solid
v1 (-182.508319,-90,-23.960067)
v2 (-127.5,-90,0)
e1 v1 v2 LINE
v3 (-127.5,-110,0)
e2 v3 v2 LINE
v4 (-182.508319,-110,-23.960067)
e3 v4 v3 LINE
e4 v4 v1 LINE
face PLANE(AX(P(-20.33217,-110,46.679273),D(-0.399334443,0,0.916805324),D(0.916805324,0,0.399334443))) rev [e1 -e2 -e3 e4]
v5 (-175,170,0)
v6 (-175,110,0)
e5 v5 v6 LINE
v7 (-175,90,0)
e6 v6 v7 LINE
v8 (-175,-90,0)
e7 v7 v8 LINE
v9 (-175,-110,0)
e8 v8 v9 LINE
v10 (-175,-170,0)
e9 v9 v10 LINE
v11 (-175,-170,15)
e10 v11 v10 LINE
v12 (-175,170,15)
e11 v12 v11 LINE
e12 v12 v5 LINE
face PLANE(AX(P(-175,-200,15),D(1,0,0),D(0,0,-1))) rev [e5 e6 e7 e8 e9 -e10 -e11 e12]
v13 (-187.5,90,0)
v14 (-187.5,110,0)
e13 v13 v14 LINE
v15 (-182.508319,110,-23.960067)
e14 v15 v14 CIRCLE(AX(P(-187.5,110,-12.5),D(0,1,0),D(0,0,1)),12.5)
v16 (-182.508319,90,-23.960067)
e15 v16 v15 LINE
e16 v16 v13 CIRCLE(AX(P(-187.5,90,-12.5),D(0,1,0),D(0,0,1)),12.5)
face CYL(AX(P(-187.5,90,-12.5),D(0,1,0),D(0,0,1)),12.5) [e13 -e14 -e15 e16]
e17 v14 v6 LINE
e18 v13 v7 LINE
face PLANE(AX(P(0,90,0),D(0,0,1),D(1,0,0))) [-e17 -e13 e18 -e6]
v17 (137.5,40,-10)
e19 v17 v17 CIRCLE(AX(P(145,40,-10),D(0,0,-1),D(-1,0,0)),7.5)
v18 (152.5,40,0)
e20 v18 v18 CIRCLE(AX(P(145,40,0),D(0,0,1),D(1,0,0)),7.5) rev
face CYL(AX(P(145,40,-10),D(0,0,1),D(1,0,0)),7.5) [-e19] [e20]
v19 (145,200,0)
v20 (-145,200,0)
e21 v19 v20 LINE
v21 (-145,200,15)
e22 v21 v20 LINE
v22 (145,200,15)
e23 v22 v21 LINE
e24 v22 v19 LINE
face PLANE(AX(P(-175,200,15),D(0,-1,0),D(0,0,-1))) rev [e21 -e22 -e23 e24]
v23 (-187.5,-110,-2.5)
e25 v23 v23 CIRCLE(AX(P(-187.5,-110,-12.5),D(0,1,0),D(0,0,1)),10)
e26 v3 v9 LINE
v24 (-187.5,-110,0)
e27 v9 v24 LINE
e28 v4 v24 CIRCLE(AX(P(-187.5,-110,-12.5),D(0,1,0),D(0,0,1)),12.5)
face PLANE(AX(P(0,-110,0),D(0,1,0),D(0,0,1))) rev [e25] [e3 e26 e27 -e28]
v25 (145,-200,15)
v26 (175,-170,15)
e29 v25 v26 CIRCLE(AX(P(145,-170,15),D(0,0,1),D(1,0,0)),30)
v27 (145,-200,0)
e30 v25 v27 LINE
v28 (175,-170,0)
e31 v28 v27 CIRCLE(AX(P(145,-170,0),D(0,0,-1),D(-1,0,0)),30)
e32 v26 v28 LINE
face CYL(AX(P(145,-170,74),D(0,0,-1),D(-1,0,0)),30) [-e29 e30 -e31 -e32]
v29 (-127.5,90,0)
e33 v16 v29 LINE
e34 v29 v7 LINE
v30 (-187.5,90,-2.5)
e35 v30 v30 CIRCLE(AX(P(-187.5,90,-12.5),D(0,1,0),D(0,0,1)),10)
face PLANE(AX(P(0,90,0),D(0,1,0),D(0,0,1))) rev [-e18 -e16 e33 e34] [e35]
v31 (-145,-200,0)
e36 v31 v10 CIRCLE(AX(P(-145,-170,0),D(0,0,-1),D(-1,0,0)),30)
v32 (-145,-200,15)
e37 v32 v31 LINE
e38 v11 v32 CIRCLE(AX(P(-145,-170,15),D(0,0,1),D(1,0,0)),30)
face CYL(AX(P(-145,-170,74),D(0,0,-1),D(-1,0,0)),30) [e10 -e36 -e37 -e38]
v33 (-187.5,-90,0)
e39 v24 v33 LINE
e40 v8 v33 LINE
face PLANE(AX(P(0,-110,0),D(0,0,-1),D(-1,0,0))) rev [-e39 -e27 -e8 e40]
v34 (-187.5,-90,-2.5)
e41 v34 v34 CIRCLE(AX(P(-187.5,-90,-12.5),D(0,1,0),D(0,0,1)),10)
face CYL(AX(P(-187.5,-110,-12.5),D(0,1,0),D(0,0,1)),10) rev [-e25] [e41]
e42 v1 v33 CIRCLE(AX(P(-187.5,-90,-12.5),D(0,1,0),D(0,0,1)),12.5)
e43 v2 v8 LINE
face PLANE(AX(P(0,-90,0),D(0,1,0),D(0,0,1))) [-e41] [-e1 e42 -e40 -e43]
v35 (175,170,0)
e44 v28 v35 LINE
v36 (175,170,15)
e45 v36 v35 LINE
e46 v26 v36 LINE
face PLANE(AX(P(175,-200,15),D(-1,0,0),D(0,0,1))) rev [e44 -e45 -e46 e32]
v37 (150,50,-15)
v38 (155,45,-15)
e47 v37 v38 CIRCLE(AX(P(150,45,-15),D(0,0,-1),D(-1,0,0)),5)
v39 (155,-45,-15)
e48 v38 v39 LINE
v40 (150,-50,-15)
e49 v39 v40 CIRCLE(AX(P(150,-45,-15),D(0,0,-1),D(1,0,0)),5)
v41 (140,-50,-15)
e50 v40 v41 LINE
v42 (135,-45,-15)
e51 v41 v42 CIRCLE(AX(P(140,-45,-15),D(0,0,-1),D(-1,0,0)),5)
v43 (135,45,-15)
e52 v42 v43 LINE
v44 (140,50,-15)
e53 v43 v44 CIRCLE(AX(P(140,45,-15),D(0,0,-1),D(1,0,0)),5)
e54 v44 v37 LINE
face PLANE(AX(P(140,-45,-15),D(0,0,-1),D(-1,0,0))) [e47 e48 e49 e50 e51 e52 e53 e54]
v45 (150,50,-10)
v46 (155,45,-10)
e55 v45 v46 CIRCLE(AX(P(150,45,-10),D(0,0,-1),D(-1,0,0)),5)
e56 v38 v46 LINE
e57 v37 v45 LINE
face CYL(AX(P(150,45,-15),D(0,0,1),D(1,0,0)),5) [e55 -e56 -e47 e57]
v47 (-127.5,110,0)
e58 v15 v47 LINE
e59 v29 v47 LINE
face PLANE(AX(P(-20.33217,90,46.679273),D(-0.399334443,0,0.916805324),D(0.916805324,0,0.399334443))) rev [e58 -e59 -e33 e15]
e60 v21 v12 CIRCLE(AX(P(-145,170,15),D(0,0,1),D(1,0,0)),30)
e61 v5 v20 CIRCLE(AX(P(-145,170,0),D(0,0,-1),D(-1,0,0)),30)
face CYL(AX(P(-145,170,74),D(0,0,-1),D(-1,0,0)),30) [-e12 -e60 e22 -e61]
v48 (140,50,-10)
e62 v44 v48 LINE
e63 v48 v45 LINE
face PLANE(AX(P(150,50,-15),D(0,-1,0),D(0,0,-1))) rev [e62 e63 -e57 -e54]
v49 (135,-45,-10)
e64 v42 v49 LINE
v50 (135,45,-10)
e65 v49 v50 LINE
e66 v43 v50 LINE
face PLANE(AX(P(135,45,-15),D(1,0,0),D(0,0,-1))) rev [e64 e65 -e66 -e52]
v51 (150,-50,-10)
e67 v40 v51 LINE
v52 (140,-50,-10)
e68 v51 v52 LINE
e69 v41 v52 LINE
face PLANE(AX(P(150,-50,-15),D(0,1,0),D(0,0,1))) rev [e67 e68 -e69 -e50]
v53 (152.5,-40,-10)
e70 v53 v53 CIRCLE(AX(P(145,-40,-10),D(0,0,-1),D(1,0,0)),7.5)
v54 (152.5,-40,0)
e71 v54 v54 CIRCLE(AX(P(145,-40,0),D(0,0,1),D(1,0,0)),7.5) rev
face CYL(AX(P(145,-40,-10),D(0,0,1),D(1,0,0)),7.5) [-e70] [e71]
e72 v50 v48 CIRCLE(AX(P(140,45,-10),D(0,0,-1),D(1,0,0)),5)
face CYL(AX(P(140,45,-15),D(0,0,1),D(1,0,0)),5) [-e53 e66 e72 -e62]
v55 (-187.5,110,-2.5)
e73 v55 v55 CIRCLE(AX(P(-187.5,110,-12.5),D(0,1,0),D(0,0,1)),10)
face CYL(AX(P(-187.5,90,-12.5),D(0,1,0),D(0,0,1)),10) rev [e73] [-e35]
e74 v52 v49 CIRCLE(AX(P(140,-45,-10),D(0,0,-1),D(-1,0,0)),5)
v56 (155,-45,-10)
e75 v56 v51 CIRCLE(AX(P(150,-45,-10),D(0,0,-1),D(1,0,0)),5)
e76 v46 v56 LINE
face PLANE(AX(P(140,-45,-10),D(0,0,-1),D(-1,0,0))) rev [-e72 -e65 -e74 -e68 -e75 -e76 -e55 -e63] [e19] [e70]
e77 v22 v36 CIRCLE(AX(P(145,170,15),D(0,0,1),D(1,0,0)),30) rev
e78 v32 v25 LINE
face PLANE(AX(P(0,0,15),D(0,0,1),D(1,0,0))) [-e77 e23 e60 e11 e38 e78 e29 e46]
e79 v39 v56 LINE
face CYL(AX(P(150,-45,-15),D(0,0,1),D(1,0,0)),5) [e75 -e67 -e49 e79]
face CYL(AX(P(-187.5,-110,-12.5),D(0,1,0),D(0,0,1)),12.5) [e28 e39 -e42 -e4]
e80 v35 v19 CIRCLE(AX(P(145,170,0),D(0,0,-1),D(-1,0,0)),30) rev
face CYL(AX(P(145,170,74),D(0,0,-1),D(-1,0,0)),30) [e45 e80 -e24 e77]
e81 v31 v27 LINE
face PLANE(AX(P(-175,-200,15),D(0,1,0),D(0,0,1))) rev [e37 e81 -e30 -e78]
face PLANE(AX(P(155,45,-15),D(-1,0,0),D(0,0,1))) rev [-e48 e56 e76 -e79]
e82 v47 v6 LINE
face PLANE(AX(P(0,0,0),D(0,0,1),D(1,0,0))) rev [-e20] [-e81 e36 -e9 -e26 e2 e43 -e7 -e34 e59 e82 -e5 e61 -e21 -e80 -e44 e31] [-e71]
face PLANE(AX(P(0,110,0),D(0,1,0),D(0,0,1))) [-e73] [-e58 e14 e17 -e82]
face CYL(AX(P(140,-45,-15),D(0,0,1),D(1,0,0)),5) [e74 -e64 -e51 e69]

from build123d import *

# Parameters (mm, degrees)
SKETCH1_W                = 350
SKETCH1_H                = 400
BOSS_EXTRUDE1_DEPTH      = 15
BOSS_EXTRUDE2_DEPTH      = 10
BOSS_EXTRUDE2_DEPTH_BACK = 10
SKETCH3_R                = 12.5
SKETCH3_R_2              = 10
BOSS_EXTRUDE3_DEPTH      = 10
BOSS_EXTRUDE3_DEPTH_BACK = 10
SKETCH4_R                = 12.5
SKETCH4_R_2              = 10
CUT_EXTRUDE1_DEPTH       = 74
SKETCH6_R                = 7.5
BOSS_EXTRUDE4_DEPTH      = 10
BOSS_EXTRUDE5_DEPTH      = 5


with BuildPart() as part:
    # Sketch1 → Boss-Extrude1 (new body)
    with BuildSketch(Plane.XY):
        Rectangle(SKETCH1_W, SKETCH1_H)
    extrude(amount=BOSS_EXTRUDE1_DEPTH)

    # Sketch3 → Boss-Extrude2 (add, two sides: drawn at the far end of the back side and taken through both)
    # profile 1 of 2: a face of its own
    with BuildSketch(Plane(origin=(0, 100, 0), x_dir=(1, 0, 0), z_dir=(0, 1, 0)).offset(-BOSS_EXTRUDE2_DEPTH_BACK)):
        with BuildLine():
            ThreePointArc((-175, 12.5), (-178.661165235, 3.661165235), (-187.5, 0))
            Line((-187.5, 0), (-127.5, 0))
            Line((-127.5, 0), (-182.508319468, 23.960066556))
            ThreePointArc((-182.508319468, 23.960066556), (-177.04423588, 19.350328216), (-175, 12.5))
        make_face()
    # profile 2 of 2: a face of its own
    with BuildSketch(Plane(origin=(0, 100, 0), x_dir=(1, 0, 0), z_dir=(0, 1, 0)).offset(-BOSS_EXTRUDE2_DEPTH_BACK)):
        with Locations((-187.5, 12.5)):
            Circle(SKETCH3_R)
        with Locations(Location((-187.5, 12.5, 0), (0, 0, 270))):
            Circle(SKETCH3_R_2, mode=Mode.SUBTRACT)
    extrude(amount=BOSS_EXTRUDE2_DEPTH + BOSS_EXTRUDE2_DEPTH_BACK)

    # Sketch4 → Boss-Extrude3 (add, two sides: drawn at the far end of the back side and taken through both)
    # profile 1 of 2: a face of its own
    with BuildSketch(Plane(origin=(0, -100, 0), x_dir=(1, 0, 0), z_dir=(0, 1, 0)).offset(-BOSS_EXTRUDE3_DEPTH_BACK)):
        with Locations((-187.5, 12.5)):
            Circle(SKETCH4_R)
        with Locations(Location((-187.5, 12.5, 0), (0, 0, 270))):
            Circle(SKETCH4_R_2, mode=Mode.SUBTRACT)
    # profile 2 of 2: a face of its own
    with BuildSketch(Plane(origin=(0, -100, 0), x_dir=(1, 0, 0), z_dir=(0, 1, 0)).offset(-BOSS_EXTRUDE3_DEPTH_BACK)):
        with BuildLine():
            Line((-127.5, 0), (-182.508319468, 23.960066556))
            ThreePointArc((-182.508319468, 23.960066556), (-177.04423588, 19.350328216), (-175, 12.5))
            ThreePointArc((-175, 12.5), (-178.661165235, 3.661165235), (-187.5, 0))
            Line((-187.5, 0), (-127.5, 0))
        make_face()
    extrude(amount=BOSS_EXTRUDE3_DEPTH + BOSS_EXTRUDE3_DEPTH_BACK)

    # Sketch5 → Cut-Extrude1 (cut)
    with BuildSketch(Plane(origin=(0, 0, 0), x_dir=(-1, 0, 0), z_dir=(0, 0, -1))):
        with BuildLine():
            Line((-175, 200), (-175, 170))
            ThreePointArc((-175, 170), (-166.213203436, 191.213203436), (-145, 200))
            Line((-145, 200), (-175, 200))
        make_face()
        with BuildLine():
            ThreePointArc((-145, -200), (-166.213203436, -191.213203436), (-175, -170))
            Line((-175, -170), (-175, -200))
            Line((-175, -200), (-145, -200))
        make_face()
        with BuildLine():
            ThreePointArc((175, -170), (166.213203436, -191.213203436), (145, -200))
            Line((145, -200), (175, -200))
            Line((175, -200), (175, -170))
        make_face()
        with BuildLine():
            Line((175, 200), (145, 200))
            ThreePointArc((145, 200), (166.213203436, 191.213203436), (175, 170))
            Line((175, 170), (175, 200))
        make_face()
    extrude(amount=-CUT_EXTRUDE1_DEPTH, mode=Mode.SUBTRACT)

    # Sketch6 → Boss-Extrude4 (add)
    with BuildSketch(Plane(origin=(0, 0, 0), x_dir=(-1, 0, 0), z_dir=(0, 0, -1))):
        with Locations(Location((-145, 40, 0), (0, 0, 180))):
            Circle(SKETCH6_R)
        with Locations(Location((-145, -40, 0), (0, 0, 180))):
            Circle(SKETCH6_R)
    extrude(amount=BOSS_EXTRUDE4_DEPTH)

    # Sketch7 → Boss-Extrude5 (add)
    with BuildSketch(Plane(origin=(0, 0, -10), x_dir=(-1, 0, 0), z_dir=(0, 0, -1))):
        with BuildLine():
            Line((-150, 50), (-140, 50))
            ThreePointArc((-140, 50), (-136.464466094, 48.535533906), (-135, 45))
            Line((-135, 45), (-135, -45))
            ThreePointArc((-135, -45), (-136.464466094, -48.535533906), (-140, -50))
            Line((-140, -50), (-150, -50))
            ThreePointArc((-150, -50), (-153.535533906, -48.535533906), (-155, -45))
            Line((-155, -45), (-155, 45))
            ThreePointArc((-155, 45), (-153.535533906, 48.535533906), (-150, 50))
        make_face()
    extrude(amount=BOSS_EXTRUDE5_DEPTH)


solid = part.part
